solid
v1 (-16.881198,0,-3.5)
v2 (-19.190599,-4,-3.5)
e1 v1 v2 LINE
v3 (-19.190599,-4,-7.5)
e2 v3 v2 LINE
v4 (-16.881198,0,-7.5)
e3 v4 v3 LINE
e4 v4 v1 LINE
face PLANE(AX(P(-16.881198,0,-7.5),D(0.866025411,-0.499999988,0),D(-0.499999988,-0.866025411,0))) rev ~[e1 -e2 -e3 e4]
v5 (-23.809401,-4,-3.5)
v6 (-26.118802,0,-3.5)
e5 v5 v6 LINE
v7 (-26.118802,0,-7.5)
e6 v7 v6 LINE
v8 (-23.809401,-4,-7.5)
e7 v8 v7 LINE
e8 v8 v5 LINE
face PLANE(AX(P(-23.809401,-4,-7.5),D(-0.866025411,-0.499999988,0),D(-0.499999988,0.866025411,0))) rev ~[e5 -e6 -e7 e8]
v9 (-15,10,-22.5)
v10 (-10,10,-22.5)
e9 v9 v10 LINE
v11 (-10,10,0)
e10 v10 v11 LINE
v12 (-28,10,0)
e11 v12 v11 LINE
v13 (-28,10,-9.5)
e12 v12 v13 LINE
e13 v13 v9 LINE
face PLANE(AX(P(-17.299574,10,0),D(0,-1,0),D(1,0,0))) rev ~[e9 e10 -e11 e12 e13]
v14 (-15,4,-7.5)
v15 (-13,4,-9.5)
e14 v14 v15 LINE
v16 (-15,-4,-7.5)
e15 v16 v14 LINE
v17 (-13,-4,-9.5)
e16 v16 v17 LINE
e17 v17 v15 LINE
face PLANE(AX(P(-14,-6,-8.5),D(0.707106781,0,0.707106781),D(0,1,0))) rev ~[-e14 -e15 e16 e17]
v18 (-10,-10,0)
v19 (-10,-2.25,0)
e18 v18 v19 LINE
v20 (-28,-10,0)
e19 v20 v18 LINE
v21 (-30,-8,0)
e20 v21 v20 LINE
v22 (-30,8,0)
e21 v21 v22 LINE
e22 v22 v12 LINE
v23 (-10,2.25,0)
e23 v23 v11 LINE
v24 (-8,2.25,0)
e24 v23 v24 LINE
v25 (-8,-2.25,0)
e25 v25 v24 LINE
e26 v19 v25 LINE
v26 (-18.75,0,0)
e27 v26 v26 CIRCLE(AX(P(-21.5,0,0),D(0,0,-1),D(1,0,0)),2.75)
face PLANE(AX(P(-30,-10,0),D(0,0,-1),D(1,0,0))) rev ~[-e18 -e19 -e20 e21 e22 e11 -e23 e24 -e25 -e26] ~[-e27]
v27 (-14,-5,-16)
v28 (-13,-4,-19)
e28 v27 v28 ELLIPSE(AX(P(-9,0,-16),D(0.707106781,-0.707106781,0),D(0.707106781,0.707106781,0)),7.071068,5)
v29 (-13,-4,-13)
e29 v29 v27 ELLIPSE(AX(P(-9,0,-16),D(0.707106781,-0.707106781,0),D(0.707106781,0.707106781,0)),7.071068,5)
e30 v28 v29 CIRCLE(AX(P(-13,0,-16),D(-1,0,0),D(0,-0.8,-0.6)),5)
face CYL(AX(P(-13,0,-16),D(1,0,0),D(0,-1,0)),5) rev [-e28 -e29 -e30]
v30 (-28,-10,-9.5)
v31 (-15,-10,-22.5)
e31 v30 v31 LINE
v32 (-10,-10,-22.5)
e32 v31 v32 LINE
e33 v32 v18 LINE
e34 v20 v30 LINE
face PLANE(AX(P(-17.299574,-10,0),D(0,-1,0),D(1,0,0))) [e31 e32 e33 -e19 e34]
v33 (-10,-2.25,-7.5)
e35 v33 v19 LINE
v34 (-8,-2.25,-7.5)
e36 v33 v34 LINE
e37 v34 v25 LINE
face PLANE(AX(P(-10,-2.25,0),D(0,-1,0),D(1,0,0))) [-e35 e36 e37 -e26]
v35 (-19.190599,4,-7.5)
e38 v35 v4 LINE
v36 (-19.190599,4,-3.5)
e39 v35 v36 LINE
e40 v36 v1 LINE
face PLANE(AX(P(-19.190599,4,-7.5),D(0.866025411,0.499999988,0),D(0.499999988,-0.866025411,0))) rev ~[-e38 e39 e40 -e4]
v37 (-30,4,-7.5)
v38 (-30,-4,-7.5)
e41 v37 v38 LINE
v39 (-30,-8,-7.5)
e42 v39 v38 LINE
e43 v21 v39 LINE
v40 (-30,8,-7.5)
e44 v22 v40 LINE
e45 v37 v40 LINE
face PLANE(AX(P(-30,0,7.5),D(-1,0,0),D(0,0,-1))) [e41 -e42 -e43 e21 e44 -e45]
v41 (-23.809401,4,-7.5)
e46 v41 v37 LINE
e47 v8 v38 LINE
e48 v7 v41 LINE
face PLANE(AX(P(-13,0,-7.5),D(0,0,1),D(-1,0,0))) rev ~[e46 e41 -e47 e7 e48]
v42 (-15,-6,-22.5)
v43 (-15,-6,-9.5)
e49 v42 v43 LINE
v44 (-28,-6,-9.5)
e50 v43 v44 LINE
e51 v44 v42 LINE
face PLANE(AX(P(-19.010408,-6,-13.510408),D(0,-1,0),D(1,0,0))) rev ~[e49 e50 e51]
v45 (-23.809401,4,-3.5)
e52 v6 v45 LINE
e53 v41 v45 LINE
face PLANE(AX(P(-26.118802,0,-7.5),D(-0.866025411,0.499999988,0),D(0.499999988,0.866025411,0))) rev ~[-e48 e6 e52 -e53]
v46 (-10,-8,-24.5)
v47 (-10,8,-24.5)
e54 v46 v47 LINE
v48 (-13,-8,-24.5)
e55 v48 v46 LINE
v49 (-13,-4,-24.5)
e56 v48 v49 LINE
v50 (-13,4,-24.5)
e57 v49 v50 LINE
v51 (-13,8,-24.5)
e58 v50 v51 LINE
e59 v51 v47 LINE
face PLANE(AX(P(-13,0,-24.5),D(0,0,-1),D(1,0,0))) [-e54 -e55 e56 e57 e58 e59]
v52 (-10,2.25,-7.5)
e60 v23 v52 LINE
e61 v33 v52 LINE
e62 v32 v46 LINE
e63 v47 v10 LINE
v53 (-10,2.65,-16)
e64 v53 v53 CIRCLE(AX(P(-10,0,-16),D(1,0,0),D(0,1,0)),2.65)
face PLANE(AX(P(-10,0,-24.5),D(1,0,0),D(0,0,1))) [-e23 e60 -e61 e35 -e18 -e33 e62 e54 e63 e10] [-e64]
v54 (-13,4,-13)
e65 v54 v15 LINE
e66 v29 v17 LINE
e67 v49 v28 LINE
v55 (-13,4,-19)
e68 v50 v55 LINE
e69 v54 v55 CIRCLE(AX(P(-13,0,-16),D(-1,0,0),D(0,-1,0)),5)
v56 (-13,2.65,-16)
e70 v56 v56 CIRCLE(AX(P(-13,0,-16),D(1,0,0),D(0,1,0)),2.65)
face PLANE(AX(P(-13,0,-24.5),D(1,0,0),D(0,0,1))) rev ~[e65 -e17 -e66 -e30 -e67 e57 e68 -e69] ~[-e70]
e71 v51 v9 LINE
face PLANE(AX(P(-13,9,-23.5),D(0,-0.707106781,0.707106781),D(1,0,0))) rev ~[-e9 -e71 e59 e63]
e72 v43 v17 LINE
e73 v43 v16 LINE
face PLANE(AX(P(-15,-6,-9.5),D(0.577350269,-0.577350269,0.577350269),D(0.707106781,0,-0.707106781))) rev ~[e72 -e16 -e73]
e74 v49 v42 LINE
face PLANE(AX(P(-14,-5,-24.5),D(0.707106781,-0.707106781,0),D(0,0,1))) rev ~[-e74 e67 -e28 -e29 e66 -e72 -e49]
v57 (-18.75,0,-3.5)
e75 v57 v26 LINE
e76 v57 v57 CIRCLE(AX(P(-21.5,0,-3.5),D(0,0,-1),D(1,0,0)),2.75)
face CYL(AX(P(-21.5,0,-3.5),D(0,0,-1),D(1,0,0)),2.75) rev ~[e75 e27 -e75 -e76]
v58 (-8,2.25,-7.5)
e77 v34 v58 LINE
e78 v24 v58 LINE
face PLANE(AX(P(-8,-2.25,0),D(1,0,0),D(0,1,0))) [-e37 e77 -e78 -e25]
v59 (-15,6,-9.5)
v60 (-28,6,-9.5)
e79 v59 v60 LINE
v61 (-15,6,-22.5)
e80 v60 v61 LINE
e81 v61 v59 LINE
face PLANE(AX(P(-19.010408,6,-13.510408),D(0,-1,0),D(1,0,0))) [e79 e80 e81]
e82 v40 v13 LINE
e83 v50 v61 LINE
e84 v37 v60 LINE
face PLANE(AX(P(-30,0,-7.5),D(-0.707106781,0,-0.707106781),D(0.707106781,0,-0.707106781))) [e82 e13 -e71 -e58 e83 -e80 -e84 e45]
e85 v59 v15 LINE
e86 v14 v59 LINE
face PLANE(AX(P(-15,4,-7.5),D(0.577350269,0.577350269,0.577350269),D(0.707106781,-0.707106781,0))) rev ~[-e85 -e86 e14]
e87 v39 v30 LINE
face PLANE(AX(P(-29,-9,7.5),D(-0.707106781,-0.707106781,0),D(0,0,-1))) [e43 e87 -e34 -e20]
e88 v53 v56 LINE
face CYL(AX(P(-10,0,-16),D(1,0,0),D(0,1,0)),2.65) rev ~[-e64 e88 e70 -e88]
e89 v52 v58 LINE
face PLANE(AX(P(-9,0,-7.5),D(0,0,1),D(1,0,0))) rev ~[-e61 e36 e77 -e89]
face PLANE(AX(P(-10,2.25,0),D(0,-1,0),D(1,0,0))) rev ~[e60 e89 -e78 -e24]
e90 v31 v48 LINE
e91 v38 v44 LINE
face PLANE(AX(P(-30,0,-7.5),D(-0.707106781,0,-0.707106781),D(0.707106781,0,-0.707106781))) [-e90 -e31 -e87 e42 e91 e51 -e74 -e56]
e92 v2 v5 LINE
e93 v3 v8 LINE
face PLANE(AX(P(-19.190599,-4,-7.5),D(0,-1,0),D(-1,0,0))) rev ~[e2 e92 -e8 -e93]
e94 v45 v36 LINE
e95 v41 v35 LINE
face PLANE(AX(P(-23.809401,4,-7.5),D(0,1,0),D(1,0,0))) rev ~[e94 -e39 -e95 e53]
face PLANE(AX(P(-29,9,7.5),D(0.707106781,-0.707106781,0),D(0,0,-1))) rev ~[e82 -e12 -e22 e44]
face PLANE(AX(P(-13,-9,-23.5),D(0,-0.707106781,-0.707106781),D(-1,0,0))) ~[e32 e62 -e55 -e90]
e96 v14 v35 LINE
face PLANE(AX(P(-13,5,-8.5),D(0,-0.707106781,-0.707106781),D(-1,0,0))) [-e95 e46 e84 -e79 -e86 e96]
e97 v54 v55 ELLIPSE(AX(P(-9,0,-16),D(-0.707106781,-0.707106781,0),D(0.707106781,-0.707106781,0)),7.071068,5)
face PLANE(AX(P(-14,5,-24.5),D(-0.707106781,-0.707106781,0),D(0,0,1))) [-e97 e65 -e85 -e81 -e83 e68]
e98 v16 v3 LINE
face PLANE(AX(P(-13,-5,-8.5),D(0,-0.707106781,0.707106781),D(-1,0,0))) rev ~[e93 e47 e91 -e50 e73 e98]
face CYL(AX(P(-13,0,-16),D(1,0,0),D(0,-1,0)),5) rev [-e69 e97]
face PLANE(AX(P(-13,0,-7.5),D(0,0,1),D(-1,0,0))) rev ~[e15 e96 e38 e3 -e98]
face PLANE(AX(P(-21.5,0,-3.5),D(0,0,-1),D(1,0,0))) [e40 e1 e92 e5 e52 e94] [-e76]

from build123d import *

# Parameters (mm, degrees)
F0_W      = 2
F0_H      = 4.5
F1_DEPTH  = 7.5
F3_DEPTH  = 10
F5_DEPTH  = 6
F6_SIZE   = 2
F7_SIZE   = 2
F8_R      = 2.65
F9_DEPTH  = 25
F10_SIZE  = 2
F11_R     = 5
F12_DEPTH = 25
F13_W     = 22
F13_H     = 24.5
F14_DEPTH = 25
F16_DEPTH = 4
F17_R     = 2.75
F18_DEPTH = 25


with BuildPart() as f1:
    # F0 (on Top) → F1 (new body, symmetric)
    with BuildSketch(Plane.XY):
        with Locations((-9, 0)):
            Rectangle(F0_W, F0_H)
    extrude(amount=F1_DEPTH, both=True)

    # F2 (on Front) → F3 (join, symmetric)
    with BuildSketch(Plane.XZ):
        Polygon((-10, -24.5), (-10, 24.5), (-13, 24.5), (-30, 7.5), (-30, -7.5), (-13, -24.5), align=None)
    extrude(amount=F3_DEPTH, both=True)

    # F4 (on Front) → F5 (cut, symmetric)
    with BuildSketch(Plane.XZ):
        Polygon((-13, 7.5), (-13, 24.5), (-30, 7.5), align=None)
        Polygon((-13, -7.5), (-30, -7.5), (-13, -24.5), align=None)
    extrude(amount=F5_DEPTH, both=True, mode=Mode.SUBTRACT)

    # F6
    f6_edges = [f1.edges().sort_by_distance(p)[0] for p in [
        (-13, 6, -16),
        (-21.5, 6, -7.5),
        (-13, 0, -7.5),
        (-21.5, -6, -7.5),
        (-13, -6, -16),
        (-21.5, -6, 7.5),
        (-13, -6, 16),
        (-13, 6, 16),
        (-21.5, 6, 7.5),
        (-13, 0, 7.5),
    ]]
    chamfer(f6_edges, length=F6_SIZE)

    # F7
    f7_edges = [f1.edges().sort_by_distance(p)[0] for p in [
        (-30, -10, 0),
        (-30, 10, 0),
    ]]
    chamfer(f7_edges, length=F7_SIZE)

    # F8 (on face) → F9 (cut)
    with BuildSketch(Plane.YZ.offset(-10)):
        with Locations((0, -16)):
            Circle(F8_R)
        with Locations((0, 16)):
            Circle(F8_R)
    extrude(amount=-F9_DEPTH, mode=Mode.SUBTRACT)

    # F10
    f10_edges = [f1.edges().sort_by_distance(p)[0] for p in [
        (-11.5, 10, -24.5),
        (-11.5, -10, -24.5),
        (-11.5, 10, 24.5),
        (-11.5, -10, 24.5),
    ]]
    chamfer(f10_edges, length=F10_SIZE)

    # F11 (on face) → F12 (cut)
    with BuildSketch(Plane(origin=(-13, 0, 0), x_dir=(0, -1, 0), z_dir=(-1, 0, 0))):
        with Locations((0, 16)):
            Circle(F11_R)
        with Locations((0, -16)):
            Circle(F11_R)
    extrude(amount=F12_DEPTH, mode=Mode.SUBTRACT)

    # F13 (on face) → F14 (cut)
    with BuildSketch(Plane.XZ.offset(10)):
        with Locations((-19, 12.25)):
            Rectangle(F13_W, F13_H)
    extrude(amount=-F14_DEPTH, mode=Mode.SUBTRACT)

    # F15 (on face) → F16 (cut)
    with BuildSketch(Plane(origin=(0, 0, -7.5), x_dir=(1, 0, 0), z_dir=(0, 0, -1))):
        Polygon((-19.190599, 4), (-23.809401, 4), (-26.118802, 0), (-23.809401, -4), (-19.190599, -4), (-16.881198, 0), align=None)
    extrude(amount=-F16_DEPTH, mode=Mode.SUBTRACT)

    # F17 (on face) → F18 (cut)
    with BuildSketch(Plane(origin=(0, 0, -3.5), x_dir=(1, 0, 0), z_dir=(0, 0, -1))):
        with Locations((-21.5, 0)):
            Circle(F17_R)
    extrude(amount=-F18_DEPTH, mode=Mode.SUBTRACT)


solid = f1.part
